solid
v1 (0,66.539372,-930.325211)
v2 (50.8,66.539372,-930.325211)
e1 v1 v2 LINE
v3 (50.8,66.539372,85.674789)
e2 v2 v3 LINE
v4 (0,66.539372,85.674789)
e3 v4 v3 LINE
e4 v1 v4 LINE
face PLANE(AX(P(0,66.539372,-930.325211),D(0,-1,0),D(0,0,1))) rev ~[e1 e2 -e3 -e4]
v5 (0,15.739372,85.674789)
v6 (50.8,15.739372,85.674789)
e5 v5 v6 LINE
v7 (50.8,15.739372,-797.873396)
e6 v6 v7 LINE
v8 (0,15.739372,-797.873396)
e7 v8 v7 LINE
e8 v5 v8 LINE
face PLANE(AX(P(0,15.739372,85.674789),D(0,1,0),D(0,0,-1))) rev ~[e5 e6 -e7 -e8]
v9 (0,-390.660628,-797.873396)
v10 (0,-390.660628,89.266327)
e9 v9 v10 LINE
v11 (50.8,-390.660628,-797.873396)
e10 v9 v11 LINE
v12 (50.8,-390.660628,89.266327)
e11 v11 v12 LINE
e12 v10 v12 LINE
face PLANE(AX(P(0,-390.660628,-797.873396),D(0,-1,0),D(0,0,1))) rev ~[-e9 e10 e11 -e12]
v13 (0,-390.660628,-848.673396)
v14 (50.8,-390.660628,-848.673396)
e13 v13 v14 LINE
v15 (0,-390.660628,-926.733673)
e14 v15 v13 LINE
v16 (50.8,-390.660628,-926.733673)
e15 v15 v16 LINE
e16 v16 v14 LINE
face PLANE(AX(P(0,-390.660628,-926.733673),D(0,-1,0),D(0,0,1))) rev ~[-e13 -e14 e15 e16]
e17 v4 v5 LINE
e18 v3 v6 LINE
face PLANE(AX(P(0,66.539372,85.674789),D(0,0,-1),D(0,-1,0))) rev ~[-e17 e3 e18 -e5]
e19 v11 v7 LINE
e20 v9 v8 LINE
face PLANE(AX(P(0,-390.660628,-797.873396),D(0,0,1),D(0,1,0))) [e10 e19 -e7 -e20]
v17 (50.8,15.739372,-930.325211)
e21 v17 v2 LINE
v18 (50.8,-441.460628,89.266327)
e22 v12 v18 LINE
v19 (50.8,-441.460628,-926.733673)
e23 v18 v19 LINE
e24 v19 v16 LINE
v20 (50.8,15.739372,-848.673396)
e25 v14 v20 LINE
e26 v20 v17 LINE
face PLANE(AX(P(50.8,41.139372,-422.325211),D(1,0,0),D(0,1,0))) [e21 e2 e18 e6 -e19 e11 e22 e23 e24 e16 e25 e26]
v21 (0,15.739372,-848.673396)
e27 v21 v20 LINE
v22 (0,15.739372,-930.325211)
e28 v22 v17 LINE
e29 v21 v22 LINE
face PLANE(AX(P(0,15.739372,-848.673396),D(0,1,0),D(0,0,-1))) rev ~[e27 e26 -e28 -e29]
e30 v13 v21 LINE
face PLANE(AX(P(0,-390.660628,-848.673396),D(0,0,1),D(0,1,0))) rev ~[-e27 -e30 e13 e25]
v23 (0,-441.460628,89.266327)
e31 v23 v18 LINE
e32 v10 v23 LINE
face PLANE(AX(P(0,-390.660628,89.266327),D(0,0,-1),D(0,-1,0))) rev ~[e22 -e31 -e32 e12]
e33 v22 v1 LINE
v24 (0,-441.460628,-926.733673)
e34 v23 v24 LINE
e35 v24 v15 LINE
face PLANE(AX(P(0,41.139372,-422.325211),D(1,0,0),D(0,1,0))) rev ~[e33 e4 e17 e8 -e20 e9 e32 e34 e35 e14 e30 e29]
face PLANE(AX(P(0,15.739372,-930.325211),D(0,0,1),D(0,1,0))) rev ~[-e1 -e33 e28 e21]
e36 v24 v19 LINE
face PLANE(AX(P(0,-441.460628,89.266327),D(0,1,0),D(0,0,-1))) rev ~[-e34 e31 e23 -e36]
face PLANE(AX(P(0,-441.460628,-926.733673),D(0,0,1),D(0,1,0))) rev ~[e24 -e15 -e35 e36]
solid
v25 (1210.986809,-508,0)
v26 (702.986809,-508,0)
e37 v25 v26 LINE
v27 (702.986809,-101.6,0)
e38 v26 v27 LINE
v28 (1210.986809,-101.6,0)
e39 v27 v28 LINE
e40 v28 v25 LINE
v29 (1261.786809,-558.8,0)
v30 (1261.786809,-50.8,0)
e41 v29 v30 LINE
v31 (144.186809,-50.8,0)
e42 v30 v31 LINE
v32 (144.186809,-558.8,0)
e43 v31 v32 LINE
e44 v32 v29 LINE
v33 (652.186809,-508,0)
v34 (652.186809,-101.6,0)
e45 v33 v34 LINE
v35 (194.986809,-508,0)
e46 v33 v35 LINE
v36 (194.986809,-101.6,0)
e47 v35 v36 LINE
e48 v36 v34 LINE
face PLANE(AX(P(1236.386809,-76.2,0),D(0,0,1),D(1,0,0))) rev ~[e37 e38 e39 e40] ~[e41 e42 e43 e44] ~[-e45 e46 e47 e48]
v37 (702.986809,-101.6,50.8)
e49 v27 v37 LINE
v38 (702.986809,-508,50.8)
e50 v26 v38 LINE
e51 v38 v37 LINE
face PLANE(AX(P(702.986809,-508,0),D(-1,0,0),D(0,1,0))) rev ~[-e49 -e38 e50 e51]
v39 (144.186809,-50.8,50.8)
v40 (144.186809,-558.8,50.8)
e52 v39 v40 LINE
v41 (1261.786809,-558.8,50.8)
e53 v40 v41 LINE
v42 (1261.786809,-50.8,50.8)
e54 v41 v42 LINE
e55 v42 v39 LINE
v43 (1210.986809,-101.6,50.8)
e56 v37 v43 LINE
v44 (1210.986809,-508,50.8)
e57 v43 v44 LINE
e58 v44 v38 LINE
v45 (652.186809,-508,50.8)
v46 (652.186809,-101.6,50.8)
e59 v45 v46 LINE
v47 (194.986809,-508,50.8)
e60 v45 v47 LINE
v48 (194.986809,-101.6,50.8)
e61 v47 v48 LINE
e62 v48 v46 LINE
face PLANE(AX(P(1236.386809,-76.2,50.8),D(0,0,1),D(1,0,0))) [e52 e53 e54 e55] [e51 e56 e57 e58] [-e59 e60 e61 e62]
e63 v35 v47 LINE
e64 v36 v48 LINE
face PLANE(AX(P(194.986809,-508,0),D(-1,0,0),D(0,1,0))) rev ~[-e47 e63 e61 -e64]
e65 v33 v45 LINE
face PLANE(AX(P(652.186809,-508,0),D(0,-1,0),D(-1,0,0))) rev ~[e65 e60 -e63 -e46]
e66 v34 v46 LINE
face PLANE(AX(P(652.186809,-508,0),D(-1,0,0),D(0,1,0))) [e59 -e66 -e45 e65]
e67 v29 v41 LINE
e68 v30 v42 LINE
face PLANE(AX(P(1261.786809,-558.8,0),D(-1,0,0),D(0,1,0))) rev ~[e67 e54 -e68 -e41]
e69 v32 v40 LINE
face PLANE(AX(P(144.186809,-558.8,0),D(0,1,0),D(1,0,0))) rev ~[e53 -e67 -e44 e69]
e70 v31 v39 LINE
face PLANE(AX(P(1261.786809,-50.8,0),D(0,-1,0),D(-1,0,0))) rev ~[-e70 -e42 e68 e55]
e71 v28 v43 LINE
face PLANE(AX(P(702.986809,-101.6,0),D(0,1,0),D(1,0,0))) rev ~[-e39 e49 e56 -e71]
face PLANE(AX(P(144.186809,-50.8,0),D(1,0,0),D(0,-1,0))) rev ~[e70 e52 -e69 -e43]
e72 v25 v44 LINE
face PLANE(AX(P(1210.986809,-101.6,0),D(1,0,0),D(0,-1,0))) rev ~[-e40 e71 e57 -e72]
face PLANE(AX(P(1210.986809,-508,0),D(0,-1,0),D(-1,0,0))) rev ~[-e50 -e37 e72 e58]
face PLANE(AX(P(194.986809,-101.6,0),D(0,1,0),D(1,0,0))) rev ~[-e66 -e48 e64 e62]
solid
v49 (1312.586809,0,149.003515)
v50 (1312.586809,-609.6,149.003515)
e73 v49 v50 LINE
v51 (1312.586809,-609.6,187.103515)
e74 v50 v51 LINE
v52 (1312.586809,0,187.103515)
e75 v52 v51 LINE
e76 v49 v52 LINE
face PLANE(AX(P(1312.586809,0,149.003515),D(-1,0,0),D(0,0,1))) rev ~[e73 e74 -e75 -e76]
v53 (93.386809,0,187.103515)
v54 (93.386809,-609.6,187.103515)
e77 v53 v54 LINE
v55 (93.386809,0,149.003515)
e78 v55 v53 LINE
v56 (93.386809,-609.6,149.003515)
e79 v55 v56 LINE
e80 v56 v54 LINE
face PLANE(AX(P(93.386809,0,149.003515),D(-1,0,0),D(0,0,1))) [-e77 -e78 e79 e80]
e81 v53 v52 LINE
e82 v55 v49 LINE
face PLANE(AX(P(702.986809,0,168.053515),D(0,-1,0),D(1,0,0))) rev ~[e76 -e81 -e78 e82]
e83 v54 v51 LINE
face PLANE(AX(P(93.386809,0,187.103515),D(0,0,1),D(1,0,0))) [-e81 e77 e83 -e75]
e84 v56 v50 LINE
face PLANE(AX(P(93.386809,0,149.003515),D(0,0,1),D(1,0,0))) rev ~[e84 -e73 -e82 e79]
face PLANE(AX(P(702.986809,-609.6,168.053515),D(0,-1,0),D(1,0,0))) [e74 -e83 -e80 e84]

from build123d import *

# Parameters (mm, degrees)
F0_W     = 406.4
F0_H     = 50.8
F1_DEPTH = 50.8
F2_W     = 1219.2
F2_H     = 38.1
F3_DEPTH = 609.6
F4_W     = 50.8
F4_H     = 50.8
F4_W_2   = 508
F4_H_2   = 406.4
F4_W_3   = 457.2
F5_DEPTH = 50.8


with BuildPart() as f1:
    # F0 (on Right) → F1 (new body)
    with BuildSketch(Plane.YZ):
        Polygon((66.5393716931, -930.3252109869), (66.5393716931, 85.6747890131), (15.7393716931, 85.6747890131), (15.7393716931, -797.8733963936), (15.7393716931, -848.6733963936), (15.7393716931, -930.3252109869), align=None)
        with Locations((-187.4606283069, -823.2733963936)):
            Rectangle(F0_W, F0_H)
        Polygon((-390.6606283069, -848.6733963936), (-390.6606283069, -797.8733963936), (-390.6606283069, 89.2663273811), (-441.4606283069, 89.2663273811), (-441.4606283069, -926.7336726189), (-390.6606283069, -926.7336726189), align=None)
    extrude(amount=F1_DEPTH)


with BuildPart() as f3:
    # F2 (on Front) → F3 (new body)
    with BuildSketch(Plane.XZ):
        with Locations((702.9868088187, 168.0535152555)):
            Rectangle(F2_W, F2_H)
    extrude(amount=F3_DEPTH)


with BuildPart() as f5:
    # F4 (on Top) → F5 (new body)
    with BuildSketch(Plane.XY):
        with Locations((1236.3868088187, -76.2)):
            Rectangle(F4_W, F4_H)
        with Locations((956.9868088187, -76.2)):
            Rectangle(F4_W_2, F4_H)
        with Locations((1236.3868088187, -304.8)):
            Rectangle(F4_W, F4_H_2)
        with Locations((677.5868088187, -76.2)):
            Rectangle(F4_W, F4_H)
        with Locations((1236.3868088187, -533.4)):
            Rectangle(F4_W, F4_H)
        with Locations((423.5868088187, -76.2)):
            Rectangle(F4_W_3, F4_H)
        with Locations((956.9868088187, -533.4)):
            Rectangle(F4_W_2, F4_H)
        with Locations((169.5868088187, -76.2)):
            Rectangle(F4_W, F4_H)
        with Locations((677.5868088187, -533.4)):
            Rectangle(F4_W, F4_H)
        with Locations((169.5868088187, -304.8)):
            Rectangle(F4_W, F4_H_2)
        with Locations((423.5868088187, -533.4)):
            Rectangle(F4_W_3, F4_H)
        with Locations((169.5868088187, -533.4)):
            Rectangle(F4_W, F4_H)
        with Locations((677.5868088187, -304.8)):
            Rectangle(F4_W, F4_H_2)
    extrude(amount=F5_DEPTH)


solid = Compound([f1.part, f3.part, f5.part])
